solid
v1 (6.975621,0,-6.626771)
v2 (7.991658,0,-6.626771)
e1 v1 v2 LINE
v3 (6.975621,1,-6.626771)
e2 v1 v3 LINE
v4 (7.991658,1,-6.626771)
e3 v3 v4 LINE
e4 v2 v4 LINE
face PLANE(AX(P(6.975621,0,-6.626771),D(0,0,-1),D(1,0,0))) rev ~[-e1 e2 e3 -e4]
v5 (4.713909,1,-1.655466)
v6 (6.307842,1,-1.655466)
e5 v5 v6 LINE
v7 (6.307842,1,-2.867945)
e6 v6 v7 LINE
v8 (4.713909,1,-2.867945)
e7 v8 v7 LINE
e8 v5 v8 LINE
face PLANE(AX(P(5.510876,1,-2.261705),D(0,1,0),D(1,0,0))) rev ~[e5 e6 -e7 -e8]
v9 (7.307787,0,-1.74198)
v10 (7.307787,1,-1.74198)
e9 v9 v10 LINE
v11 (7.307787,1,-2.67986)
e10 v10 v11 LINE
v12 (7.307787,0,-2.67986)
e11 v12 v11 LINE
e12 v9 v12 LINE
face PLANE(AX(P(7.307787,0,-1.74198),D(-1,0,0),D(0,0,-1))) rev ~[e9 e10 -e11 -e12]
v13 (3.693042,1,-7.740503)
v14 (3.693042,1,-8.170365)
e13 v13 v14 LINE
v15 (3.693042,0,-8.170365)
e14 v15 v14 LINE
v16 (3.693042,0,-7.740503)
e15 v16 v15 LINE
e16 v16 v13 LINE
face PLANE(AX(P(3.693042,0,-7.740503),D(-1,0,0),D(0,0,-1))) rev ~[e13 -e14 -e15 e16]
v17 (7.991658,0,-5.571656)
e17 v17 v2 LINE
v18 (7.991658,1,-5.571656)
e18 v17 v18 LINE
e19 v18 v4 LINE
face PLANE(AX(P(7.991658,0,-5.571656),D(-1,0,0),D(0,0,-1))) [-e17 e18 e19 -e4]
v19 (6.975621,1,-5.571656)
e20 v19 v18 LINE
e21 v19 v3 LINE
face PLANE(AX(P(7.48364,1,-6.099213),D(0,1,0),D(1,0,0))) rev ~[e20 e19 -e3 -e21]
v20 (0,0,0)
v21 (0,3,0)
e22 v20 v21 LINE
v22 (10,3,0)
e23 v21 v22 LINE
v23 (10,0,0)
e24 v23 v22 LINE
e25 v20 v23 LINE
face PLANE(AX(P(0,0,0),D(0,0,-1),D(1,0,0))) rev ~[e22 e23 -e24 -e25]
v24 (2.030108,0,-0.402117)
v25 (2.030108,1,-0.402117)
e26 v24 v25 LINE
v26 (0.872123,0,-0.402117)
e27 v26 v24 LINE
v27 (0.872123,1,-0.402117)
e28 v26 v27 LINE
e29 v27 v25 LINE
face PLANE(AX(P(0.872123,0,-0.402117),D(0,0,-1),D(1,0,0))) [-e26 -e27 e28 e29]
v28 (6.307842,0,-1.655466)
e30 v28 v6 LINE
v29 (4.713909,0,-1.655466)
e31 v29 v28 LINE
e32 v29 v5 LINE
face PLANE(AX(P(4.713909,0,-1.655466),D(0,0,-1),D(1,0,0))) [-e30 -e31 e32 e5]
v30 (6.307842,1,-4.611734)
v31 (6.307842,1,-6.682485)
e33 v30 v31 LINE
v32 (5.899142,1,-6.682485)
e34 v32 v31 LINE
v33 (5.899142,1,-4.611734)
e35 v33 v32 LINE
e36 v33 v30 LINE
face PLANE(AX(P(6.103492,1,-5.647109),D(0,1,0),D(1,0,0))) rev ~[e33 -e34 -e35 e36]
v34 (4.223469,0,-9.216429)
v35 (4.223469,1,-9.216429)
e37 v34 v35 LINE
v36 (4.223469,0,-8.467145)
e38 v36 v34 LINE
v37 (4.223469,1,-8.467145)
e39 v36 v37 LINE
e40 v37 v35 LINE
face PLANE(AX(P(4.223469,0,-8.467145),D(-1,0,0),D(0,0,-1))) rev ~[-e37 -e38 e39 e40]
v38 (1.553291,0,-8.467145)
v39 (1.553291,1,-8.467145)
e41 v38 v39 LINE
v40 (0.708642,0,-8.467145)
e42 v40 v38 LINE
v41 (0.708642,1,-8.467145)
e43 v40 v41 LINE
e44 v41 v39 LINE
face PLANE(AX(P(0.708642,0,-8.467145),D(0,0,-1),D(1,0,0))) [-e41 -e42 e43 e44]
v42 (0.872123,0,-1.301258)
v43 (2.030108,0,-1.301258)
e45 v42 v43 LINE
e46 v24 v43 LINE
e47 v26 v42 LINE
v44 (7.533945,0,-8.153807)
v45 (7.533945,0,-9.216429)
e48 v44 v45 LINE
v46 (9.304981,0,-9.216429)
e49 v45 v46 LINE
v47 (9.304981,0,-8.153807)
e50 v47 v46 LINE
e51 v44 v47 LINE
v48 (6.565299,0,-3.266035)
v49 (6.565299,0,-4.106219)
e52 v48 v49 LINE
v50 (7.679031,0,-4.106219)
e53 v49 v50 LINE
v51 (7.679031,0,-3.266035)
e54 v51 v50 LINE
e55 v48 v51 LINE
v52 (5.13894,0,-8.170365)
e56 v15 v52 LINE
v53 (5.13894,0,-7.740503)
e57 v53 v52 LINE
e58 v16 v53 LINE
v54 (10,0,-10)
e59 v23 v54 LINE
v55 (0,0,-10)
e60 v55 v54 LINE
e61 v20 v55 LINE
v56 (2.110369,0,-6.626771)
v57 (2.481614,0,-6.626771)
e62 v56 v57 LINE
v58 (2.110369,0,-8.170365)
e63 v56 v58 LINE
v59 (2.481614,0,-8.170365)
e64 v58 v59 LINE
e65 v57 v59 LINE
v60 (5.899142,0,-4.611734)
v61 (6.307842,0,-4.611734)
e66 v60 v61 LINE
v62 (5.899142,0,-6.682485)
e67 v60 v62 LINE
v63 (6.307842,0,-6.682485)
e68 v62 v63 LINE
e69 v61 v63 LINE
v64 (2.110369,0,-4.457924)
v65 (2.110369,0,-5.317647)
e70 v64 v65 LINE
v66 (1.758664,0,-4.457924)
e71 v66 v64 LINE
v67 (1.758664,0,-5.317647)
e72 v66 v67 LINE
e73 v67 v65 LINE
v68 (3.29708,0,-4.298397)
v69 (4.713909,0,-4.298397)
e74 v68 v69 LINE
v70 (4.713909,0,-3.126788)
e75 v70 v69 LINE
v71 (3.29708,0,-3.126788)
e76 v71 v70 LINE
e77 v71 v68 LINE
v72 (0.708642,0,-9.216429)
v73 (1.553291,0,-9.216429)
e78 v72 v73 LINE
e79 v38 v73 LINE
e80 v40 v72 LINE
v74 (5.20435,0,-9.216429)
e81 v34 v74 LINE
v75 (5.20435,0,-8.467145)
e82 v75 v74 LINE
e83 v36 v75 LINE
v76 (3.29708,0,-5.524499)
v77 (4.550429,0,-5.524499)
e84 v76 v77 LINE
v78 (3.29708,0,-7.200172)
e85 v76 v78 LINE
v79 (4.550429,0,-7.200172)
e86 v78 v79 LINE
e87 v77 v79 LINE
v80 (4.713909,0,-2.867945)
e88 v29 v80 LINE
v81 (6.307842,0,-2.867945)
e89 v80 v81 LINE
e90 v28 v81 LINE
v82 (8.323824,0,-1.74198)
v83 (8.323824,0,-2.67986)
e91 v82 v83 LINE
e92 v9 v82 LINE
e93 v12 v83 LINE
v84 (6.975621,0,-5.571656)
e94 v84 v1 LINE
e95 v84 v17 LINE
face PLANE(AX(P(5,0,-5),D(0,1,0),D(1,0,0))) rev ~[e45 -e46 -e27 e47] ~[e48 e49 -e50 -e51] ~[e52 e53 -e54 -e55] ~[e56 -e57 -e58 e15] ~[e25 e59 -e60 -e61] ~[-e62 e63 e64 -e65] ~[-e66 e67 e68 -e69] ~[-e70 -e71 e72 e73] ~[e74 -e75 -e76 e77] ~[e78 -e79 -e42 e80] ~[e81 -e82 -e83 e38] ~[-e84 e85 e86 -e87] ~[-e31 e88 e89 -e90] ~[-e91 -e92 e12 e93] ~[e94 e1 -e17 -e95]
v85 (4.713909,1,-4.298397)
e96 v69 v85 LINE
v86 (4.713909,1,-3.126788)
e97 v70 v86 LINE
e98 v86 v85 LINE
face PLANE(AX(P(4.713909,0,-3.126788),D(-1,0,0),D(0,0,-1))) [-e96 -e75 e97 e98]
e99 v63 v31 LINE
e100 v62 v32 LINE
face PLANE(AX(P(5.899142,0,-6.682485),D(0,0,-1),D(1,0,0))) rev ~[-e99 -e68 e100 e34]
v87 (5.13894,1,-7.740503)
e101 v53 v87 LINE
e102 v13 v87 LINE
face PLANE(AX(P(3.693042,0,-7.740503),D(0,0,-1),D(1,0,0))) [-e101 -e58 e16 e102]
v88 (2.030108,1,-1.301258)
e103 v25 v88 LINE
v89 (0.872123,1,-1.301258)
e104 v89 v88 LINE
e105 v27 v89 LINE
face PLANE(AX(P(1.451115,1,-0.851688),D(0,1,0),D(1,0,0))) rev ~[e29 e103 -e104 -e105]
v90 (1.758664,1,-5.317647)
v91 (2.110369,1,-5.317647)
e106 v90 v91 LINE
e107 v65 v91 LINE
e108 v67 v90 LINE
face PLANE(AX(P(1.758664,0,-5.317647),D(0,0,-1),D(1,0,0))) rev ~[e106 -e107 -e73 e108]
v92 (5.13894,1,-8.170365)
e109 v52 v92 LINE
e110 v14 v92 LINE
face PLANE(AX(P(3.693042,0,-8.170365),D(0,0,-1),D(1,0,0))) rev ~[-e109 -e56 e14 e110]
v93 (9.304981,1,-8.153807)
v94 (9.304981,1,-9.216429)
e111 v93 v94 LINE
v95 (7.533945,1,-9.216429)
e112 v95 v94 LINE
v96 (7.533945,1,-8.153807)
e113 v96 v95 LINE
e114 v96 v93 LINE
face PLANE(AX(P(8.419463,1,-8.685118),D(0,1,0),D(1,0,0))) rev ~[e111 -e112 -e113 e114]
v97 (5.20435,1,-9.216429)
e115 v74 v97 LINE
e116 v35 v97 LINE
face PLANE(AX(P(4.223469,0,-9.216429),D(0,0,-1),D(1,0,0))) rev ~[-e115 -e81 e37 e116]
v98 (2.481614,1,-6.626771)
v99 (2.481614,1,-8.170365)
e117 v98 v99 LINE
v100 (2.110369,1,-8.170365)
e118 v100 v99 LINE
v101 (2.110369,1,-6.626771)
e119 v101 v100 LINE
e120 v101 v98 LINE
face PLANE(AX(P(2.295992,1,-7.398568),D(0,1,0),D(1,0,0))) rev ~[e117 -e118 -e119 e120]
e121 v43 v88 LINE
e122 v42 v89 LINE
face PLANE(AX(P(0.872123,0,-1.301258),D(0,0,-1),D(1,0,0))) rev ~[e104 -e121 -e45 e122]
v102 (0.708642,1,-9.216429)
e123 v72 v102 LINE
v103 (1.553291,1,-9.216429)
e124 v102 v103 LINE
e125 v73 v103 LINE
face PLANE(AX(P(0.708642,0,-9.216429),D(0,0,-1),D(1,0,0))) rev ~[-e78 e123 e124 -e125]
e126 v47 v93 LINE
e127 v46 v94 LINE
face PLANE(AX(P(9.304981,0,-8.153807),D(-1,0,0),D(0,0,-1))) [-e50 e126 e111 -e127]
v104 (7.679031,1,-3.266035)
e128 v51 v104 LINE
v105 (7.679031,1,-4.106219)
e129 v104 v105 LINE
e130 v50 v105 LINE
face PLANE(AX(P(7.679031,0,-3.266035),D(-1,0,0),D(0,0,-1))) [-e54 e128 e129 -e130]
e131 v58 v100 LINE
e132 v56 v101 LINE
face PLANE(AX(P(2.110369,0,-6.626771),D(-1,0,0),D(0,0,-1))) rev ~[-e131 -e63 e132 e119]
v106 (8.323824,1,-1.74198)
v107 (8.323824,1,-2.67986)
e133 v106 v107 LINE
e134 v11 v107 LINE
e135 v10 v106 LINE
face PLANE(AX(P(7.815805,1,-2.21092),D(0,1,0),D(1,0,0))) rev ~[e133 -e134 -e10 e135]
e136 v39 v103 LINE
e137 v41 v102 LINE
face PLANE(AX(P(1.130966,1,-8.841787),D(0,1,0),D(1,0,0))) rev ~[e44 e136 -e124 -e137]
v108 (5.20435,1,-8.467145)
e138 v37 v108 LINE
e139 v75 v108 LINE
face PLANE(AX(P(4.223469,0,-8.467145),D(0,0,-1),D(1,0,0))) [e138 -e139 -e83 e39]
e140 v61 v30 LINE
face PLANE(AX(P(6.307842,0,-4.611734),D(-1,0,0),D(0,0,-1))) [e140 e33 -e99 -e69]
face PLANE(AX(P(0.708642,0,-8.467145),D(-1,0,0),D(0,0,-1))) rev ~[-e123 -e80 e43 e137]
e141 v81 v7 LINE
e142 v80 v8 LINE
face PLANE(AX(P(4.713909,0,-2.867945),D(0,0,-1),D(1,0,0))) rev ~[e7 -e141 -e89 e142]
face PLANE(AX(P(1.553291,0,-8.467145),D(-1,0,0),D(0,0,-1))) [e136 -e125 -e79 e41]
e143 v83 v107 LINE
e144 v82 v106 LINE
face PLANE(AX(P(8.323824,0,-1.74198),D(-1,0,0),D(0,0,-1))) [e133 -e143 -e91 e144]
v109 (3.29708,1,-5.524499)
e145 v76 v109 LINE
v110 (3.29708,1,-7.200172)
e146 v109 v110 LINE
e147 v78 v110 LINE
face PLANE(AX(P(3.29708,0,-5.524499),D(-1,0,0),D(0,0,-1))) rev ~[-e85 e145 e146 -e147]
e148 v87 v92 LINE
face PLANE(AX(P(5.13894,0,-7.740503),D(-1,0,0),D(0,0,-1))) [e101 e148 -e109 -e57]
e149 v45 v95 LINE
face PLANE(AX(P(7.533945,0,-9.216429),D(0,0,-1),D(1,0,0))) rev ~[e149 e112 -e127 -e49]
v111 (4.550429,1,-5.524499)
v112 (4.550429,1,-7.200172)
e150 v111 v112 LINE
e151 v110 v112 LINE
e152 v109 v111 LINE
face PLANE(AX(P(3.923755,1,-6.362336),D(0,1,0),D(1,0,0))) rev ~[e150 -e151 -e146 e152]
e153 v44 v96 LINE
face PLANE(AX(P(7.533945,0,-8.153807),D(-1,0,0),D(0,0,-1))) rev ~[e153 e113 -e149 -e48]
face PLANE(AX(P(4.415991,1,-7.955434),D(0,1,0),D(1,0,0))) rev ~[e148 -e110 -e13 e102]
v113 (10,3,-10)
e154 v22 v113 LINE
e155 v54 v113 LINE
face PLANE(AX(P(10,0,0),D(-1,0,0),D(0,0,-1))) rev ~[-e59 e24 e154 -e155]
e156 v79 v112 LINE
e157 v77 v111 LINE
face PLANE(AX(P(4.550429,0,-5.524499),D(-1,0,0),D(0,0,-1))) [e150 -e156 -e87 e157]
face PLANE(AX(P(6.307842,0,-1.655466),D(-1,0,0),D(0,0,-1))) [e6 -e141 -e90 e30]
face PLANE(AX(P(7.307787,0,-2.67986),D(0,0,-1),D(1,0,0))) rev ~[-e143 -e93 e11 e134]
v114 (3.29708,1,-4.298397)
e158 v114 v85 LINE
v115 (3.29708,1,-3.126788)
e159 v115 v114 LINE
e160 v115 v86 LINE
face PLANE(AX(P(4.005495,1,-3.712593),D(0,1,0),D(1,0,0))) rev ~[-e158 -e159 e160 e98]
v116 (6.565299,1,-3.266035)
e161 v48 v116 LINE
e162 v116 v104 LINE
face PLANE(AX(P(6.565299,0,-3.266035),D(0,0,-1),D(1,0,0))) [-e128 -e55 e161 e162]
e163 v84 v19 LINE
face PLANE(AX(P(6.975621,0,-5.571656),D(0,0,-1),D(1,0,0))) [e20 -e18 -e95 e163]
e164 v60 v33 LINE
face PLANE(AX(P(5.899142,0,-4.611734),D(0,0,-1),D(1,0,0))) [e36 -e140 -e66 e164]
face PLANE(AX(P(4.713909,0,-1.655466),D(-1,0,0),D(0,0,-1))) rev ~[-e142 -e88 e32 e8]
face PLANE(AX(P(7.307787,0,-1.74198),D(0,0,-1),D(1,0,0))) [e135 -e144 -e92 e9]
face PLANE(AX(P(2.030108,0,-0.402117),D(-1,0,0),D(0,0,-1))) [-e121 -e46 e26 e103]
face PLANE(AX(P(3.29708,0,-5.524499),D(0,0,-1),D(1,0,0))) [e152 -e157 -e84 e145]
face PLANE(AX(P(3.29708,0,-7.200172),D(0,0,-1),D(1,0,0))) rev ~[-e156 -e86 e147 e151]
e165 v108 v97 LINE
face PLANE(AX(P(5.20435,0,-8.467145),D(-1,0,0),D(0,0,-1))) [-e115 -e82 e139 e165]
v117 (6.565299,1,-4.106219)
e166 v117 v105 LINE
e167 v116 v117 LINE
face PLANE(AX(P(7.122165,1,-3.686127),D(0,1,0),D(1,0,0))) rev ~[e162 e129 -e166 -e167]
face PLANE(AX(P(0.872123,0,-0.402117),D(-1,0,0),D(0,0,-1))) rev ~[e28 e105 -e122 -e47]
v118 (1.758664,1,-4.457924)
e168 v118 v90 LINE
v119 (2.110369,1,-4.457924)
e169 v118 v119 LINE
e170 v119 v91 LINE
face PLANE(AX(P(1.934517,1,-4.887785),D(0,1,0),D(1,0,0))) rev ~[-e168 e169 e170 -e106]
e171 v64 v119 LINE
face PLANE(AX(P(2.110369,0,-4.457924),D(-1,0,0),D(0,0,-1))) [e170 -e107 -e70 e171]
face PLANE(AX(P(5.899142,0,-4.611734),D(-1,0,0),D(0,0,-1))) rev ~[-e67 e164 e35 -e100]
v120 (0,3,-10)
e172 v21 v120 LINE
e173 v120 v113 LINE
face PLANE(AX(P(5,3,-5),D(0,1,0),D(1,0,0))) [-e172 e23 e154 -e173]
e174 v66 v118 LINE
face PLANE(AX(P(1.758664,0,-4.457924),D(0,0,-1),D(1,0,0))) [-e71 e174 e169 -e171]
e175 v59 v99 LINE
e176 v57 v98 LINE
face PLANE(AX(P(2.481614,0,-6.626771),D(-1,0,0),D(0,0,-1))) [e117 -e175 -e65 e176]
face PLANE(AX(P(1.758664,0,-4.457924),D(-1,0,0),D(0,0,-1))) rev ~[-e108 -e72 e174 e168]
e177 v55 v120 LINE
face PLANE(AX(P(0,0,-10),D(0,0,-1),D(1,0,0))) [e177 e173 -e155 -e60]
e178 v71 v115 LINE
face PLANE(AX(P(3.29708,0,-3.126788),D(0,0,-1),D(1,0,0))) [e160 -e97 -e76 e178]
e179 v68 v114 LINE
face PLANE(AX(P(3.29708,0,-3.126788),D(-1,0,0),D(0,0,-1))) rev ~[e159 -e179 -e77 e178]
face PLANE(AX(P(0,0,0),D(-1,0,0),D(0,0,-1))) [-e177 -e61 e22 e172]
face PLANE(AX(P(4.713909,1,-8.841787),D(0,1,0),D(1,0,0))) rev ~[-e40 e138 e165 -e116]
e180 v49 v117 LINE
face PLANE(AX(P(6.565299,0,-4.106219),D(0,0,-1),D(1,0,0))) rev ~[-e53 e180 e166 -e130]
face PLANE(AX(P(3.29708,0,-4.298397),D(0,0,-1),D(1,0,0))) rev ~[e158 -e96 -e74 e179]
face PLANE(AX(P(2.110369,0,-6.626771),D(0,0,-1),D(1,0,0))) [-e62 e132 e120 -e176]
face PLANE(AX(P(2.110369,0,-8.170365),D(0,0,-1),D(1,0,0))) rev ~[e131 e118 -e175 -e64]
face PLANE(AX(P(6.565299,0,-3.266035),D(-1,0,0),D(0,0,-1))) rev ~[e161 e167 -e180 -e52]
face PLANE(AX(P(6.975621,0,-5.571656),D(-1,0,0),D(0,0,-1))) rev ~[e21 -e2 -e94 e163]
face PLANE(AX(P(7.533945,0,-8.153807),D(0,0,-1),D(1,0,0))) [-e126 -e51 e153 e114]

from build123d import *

# Parameters (mm, degrees)
SKETCH_1_W          = 10
SKETCH_1_H          = 10
EXTRUDE_1_DEPTH     = 3
SKETCH_2_W          = 0.84464817
SKETCH_2_H          = 0.749284667
SKETCH_2_W_2        = 0.980881746
SKETCH_2_W_3        = 1.157985395
SKETCH_2_H_2        = 0.899141601
SKETCH_2_W_4        = 1.771036487
SKETCH_2_H_3        = 1.062621892
SKETCH_2_W_5        = 1.253348898
SKETCH_2_H_4        = 1.675672983
SKETCH_2_W_6        = 0.408700727
SKETCH_2_H_5        = 2.070750353
SKETCH_2_W_7        = 1.416829189
SKETCH_2_H_6        = 1.171608752
SKETCH_2_W_8        = 1.593932837
SKETCH_2_H_7        = 1.212478826
CUT_EXTRUDE_1_DEPTH = 1
SKETCH_3_W          = 0.351704959
SKETCH_3_H          = 0.859723233
SKETCH_3_W_2        = 0.371244123
SKETCH_3_H_2        = 1.543593986
SKETCH_3_W_3        = 1.445898165
SKETCH_3_H_3        = 0.429861616
SKETCH_3_W_4        = 1.016036548
SKETCH_3_H_4        = 1.055114877
SKETCH_3_W_5        = 1.11373237
SKETCH_3_H_5        = 0.840184069
SKETCH_3_H_6        = 0.937879891
CUT_EXTRUDE_3_DEPTH = 1


with BuildPart() as part:
    # 草图1 → 凸台-拉伸1 (new body)
    with BuildSketch(Plane(origin=(0, 0, 0), x_dir=(1, 0, 0), z_dir=(0, 1, 0))):
        with Locations((5, 5)):
            Rectangle(SKETCH_1_W, SKETCH_1_H)
    extrude(amount=EXTRUDE_1_DEPTH)

    # 草图2 → 切除-拉伸1 (cut)
    with BuildSketch(Plane(origin=(0, 0, 0), x_dir=(1, 0, 0), z_dir=(0, 1, 0))):
        with Locations((1.130966445, 8.841786839)):
            Rectangle(SKETCH_2_W, SKETCH_2_H)
        with Locations((4.713909491, 8.841786839)):
            Rectangle(SKETCH_2_W_2, SKETCH_2_H)
        with Locations((1.451115349, 0.851687615)):
            Rectangle(SKETCH_2_W_3, SKETCH_2_H_2)
        with Locations((8.419462755, 8.685118227)):
            Rectangle(SKETCH_2_W_4, SKETCH_2_H_3)
        with Locations((3.923754751, 6.362335759)):
            Rectangle(SKETCH_2_W_5, SKETCH_2_H_4)
        with Locations((6.103491964, 5.647109485)):
            Rectangle(SKETCH_2_W_6, SKETCH_2_H_5)
        with Locations((4.005494897, 3.712592708)):
            Rectangle(SKETCH_2_W_7, SKETCH_2_H_6)
        with Locations((5.51087591, 2.261705125)):
            Rectangle(SKETCH_2_W_8, SKETCH_2_H_7)
    extrude(amount=CUT_EXTRUDE_1_DEPTH, mode=Mode.SUBTRACT)

    # 草图3 → 切除-拉伸3 (cut)
    with BuildSketch(Plane(origin=(0, 0, 0), x_dir=(1, 0, 0), z_dir=(0, 1, 0))):
        with Locations((1.934516979, 4.887785167)):
            Rectangle(SKETCH_3_W, SKETCH_3_H)
        with Locations((2.29599152, 7.39856779)):
            Rectangle(SKETCH_3_W_2, SKETCH_3_H_2)
        with Locations((4.415990856, 7.955433975)):
            Rectangle(SKETCH_3_W_3, SKETCH_3_H_3)
        with Locations((7.483639664, 6.099213359)):
            Rectangle(SKETCH_3_W_4, SKETCH_3_H_4)
        with Locations((7.122165123, 3.686126557)):
            Rectangle(SKETCH_3_W_5, SKETCH_3_H_5)
        with Locations((7.815805458, 2.210919646)):
            Rectangle(SKETCH_3_W_4, SKETCH_3_H_6)
    extrude(amount=CUT_EXTRUDE_3_DEPTH, mode=Mode.SUBTRACT)


solid = part.part
